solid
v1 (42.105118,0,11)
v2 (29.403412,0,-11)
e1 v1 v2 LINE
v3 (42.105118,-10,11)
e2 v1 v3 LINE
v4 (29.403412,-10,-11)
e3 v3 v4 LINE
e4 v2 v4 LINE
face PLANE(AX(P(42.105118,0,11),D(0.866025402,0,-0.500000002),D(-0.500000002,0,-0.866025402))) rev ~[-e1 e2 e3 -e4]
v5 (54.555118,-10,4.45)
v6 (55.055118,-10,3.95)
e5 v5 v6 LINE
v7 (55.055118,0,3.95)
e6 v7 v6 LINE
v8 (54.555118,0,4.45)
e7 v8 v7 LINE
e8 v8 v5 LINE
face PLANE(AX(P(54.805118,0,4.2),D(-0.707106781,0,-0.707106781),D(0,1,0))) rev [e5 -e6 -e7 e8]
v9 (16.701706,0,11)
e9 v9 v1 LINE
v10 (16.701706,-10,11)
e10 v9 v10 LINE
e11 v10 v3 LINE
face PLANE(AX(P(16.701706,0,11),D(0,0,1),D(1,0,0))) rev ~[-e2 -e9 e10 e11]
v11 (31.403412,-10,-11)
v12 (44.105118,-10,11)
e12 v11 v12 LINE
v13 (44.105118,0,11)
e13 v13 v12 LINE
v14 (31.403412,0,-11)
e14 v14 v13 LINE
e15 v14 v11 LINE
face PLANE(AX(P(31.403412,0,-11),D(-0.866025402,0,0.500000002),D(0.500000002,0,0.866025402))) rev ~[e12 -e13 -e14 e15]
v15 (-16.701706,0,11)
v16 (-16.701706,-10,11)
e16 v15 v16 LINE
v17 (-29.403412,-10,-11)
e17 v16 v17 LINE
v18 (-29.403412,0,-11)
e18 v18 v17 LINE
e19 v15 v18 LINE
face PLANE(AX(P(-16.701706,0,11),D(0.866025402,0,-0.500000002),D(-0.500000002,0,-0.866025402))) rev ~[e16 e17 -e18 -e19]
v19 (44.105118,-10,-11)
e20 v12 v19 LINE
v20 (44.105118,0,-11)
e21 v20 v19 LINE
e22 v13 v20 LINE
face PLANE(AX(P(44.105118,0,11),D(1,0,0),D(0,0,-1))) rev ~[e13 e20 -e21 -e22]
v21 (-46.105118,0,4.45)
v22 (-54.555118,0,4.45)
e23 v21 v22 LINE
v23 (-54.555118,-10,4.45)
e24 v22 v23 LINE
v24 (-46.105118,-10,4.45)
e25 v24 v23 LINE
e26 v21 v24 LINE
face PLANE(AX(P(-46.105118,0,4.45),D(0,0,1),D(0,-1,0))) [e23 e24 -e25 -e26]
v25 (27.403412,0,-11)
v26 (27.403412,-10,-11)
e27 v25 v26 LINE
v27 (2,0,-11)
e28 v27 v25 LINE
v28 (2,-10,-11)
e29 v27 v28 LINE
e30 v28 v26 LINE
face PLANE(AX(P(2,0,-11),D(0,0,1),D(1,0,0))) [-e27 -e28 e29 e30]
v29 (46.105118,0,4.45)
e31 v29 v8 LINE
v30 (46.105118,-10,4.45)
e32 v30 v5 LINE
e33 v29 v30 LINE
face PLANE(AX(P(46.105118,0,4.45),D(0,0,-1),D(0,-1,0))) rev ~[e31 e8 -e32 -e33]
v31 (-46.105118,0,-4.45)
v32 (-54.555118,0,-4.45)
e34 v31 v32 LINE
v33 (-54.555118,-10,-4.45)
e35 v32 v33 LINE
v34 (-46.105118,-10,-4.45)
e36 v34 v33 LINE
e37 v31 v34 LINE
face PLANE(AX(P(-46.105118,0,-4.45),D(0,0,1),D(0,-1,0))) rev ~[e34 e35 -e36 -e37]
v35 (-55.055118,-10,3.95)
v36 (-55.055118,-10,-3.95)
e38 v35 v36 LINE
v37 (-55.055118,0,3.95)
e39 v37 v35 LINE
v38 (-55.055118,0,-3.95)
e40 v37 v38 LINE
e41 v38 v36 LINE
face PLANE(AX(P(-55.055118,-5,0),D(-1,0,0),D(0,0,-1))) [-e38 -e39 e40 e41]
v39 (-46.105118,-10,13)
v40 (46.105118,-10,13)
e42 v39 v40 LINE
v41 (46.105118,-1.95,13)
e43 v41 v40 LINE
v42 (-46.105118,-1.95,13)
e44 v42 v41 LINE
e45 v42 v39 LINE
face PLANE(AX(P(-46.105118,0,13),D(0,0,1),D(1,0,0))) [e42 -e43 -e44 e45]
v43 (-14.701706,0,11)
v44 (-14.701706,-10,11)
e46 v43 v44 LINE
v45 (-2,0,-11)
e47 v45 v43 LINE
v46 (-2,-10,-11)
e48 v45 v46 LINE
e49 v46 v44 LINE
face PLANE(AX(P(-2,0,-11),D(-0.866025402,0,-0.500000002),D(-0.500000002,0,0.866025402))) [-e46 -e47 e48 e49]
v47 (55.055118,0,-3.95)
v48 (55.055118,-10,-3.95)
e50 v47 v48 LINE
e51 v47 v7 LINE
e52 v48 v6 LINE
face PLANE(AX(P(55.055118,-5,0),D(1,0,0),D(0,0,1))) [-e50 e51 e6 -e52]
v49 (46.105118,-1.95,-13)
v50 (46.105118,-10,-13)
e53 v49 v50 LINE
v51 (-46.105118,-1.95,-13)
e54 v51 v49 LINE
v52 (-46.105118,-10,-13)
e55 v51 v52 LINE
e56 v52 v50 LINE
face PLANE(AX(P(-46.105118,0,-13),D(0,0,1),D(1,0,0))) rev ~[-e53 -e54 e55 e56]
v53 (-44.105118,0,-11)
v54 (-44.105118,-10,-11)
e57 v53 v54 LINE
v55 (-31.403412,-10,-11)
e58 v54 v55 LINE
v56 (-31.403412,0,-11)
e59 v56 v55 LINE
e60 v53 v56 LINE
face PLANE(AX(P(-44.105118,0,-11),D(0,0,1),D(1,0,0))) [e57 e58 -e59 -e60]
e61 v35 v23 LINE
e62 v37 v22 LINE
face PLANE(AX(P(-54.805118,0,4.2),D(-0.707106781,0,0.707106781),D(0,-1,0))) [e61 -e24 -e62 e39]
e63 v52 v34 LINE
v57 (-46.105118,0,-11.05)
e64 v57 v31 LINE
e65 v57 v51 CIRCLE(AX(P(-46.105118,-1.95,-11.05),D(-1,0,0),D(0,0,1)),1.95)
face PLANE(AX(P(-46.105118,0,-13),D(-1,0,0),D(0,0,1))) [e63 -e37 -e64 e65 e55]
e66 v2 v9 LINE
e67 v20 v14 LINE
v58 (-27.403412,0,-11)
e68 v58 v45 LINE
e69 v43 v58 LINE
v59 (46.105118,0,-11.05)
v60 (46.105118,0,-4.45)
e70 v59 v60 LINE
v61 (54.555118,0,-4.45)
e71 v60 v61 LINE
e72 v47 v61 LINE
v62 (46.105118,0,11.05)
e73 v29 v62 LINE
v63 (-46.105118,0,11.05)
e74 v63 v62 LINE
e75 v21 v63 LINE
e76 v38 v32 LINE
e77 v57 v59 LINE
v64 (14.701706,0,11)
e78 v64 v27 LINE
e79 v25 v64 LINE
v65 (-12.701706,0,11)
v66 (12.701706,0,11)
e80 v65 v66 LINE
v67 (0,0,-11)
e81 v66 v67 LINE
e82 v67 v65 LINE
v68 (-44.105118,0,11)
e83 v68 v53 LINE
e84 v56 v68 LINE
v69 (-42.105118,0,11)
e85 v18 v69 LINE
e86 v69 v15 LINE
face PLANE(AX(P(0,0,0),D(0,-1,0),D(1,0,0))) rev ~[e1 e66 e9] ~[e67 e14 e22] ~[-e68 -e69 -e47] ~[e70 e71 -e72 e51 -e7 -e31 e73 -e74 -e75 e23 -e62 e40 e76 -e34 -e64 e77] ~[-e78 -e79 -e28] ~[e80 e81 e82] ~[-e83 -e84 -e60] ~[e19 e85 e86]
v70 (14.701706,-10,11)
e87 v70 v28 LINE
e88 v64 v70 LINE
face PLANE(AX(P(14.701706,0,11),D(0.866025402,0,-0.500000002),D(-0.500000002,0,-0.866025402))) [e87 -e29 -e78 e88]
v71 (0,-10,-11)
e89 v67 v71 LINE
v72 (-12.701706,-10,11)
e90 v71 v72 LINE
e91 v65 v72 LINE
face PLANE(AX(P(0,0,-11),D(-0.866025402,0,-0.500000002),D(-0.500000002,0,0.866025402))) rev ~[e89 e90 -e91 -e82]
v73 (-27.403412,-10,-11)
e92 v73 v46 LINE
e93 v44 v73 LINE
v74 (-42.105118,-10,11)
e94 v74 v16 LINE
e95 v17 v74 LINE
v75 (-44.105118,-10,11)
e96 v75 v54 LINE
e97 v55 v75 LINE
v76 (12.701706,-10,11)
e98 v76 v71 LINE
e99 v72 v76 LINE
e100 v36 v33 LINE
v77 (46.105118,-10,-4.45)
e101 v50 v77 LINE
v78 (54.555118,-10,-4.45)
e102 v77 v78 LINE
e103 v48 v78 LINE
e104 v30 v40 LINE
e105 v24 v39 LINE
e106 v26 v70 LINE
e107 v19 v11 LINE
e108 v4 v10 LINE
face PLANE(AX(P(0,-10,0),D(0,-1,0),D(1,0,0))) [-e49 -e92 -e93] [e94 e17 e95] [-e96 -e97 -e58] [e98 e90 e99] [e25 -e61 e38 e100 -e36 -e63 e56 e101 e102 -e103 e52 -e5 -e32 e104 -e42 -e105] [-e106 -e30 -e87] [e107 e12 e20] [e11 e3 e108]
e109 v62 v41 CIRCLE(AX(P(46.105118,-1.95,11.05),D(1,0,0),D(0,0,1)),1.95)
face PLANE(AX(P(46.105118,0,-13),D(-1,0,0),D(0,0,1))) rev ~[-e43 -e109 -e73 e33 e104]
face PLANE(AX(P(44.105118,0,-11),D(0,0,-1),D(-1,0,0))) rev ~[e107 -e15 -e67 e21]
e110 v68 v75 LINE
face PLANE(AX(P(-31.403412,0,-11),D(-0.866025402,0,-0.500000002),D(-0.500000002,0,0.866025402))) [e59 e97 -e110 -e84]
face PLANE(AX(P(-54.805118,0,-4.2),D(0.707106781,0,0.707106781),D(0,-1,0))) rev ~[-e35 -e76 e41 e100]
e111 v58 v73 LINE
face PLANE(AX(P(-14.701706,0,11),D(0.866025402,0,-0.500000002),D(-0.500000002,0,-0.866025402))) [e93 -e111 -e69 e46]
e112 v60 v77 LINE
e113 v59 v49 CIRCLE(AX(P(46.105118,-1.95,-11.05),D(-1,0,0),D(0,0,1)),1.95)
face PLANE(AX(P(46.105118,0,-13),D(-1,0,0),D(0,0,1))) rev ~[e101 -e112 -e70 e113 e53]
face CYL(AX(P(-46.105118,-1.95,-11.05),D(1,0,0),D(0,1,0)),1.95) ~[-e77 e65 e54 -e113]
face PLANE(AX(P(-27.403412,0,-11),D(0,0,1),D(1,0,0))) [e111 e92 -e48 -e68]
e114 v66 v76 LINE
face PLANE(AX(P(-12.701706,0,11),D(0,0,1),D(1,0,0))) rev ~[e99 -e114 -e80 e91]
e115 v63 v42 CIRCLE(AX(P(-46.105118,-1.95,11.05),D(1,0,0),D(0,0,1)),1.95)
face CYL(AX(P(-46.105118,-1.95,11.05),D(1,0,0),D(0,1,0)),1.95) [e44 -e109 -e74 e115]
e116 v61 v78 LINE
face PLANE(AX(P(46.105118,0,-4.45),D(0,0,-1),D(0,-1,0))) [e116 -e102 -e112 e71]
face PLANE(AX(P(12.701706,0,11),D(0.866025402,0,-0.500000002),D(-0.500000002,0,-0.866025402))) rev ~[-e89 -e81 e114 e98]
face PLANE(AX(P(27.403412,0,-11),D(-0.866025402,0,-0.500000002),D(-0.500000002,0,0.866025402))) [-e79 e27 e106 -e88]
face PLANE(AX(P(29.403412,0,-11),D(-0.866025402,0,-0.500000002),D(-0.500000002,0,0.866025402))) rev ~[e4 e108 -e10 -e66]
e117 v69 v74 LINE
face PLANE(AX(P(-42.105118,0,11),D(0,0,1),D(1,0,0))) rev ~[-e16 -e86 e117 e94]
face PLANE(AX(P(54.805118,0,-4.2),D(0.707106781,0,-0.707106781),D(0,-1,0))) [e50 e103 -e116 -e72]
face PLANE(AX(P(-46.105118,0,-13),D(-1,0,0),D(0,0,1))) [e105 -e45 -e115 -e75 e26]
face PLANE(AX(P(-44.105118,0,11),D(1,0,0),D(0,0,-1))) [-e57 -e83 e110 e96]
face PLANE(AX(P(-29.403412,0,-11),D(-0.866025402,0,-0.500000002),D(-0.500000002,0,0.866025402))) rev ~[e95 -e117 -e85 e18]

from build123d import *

# Parameters (mm, degrees)
SKETCH_W        = 92.210236
SKETCH_H        = 26
PAD_DEPTH       = 10
SKETCH001_W     = 8.9
SKETCH001_H     = 10
PAD001_DEPTH    = 8.95
CHAMFER_SIZE    = 0.5
CHAMFER001_SIZE = 0.5
SKETCH002_W     = 8.9
SKETCH002_H     = 10
PAD002_DEPTH    = 8.95
CHAMFER002_SIZE = 0.5
CHAMFER003_SIZE = 0.5
FILLET_R        = 1.95
FILLET001_R     = 1.95


with BuildPart() as part:
    # Sketch → Pad (new body)
    with BuildSketch(Plane.XZ):
        Rectangle(SKETCH_W, SKETCH_H)
        Polygon((-44.105118, 11), (-44.105118, -11), (-31.403412, -11), align=None, mode=Mode.SUBTRACT)
        Polygon((-29.403412, -11), (-42.105118, 11), (-16.701706, 11), align=None, mode=Mode.SUBTRACT)
        Polygon((-14.701706, 11), (-27.403412, -11), (-2, -11), align=None, mode=Mode.SUBTRACT)
        Polygon((-12.701706, 11), (12.701706, 11), (0, -11), align=None, mode=Mode.SUBTRACT)
        Polygon((14.701706, 11), (2, -11), (27.403412, -11), align=None, mode=Mode.SUBTRACT)
        Polygon((16.701706, 11), (42.105118, 11), (29.403412, -11), align=None, mode=Mode.SUBTRACT)
        Polygon((44.105118, 11), (44.105118, -11), (31.403412, -11), align=None, mode=Mode.SUBTRACT)
    extrude(amount=PAD_DEPTH)

    # Sketch001 (on Face4 of Pad) → Pad001 (join)
    with BuildSketch(Plane(origin=(-46.105118, 0, 0), x_dir=(0, 0, -1), z_dir=(-1, 0, 0))):
        with Locations((0, 5)):
            Rectangle(SKETCH001_W, SKETCH001_H)
    extrude(amount=PAD001_DEPTH)

    # Chamfer
    chamfer_edges = [part.edges().sort_by_distance(p)[0] for p in [
        (-55.055118, -5, 4.45),
    ]]
    chamfer(chamfer_edges, length=CHAMFER_SIZE)

    # Chamfer001
    chamfer001_edges = [part.edges().sort_by_distance(p)[0] for p in [
        (-55.055118, -5, -4.45),
    ]]
    chamfer(chamfer001_edges, length=CHAMFER001_SIZE)

    # Sketch002 (on Face12 of Chamfer001) → Pad002 (join)
    with BuildSketch(Plane(origin=(46.105118, 0, 0), x_dir=(0, 0, 1), z_dir=(1, 0, 0))):
        with Locations((0, 5)):
            Rectangle(SKETCH002_W, SKETCH002_H)
    extrude(amount=PAD002_DEPTH)

    # Chamfer002
    chamfer002_edges = [part.edges().sort_by_distance(p)[0] for p in [
        (55.055118, -5, 4.45),
    ]]
    chamfer(chamfer002_edges, length=CHAMFER002_SIZE)

    # Chamfer003
    chamfer003_edges = [part.edges().sort_by_distance(p)[0] for p in [
        (55.055118, -5, -4.45),
    ]]
    chamfer(chamfer003_edges, length=CHAMFER003_SIZE)

    # Fillet
    fillet_edges = [part.edges().sort_by_distance(p)[0] for p in [
        (0, 0, 13),
    ]]
    fillet(fillet_edges, radius=FILLET_R)

    # Fillet001
    fillet001_edges = [part.edges().sort_by_distance(p)[0] for p in [
        (0, 0, -13),
    ]]
    fillet(fillet001_edges, radius=FILLET001_R)


solid = part.part
